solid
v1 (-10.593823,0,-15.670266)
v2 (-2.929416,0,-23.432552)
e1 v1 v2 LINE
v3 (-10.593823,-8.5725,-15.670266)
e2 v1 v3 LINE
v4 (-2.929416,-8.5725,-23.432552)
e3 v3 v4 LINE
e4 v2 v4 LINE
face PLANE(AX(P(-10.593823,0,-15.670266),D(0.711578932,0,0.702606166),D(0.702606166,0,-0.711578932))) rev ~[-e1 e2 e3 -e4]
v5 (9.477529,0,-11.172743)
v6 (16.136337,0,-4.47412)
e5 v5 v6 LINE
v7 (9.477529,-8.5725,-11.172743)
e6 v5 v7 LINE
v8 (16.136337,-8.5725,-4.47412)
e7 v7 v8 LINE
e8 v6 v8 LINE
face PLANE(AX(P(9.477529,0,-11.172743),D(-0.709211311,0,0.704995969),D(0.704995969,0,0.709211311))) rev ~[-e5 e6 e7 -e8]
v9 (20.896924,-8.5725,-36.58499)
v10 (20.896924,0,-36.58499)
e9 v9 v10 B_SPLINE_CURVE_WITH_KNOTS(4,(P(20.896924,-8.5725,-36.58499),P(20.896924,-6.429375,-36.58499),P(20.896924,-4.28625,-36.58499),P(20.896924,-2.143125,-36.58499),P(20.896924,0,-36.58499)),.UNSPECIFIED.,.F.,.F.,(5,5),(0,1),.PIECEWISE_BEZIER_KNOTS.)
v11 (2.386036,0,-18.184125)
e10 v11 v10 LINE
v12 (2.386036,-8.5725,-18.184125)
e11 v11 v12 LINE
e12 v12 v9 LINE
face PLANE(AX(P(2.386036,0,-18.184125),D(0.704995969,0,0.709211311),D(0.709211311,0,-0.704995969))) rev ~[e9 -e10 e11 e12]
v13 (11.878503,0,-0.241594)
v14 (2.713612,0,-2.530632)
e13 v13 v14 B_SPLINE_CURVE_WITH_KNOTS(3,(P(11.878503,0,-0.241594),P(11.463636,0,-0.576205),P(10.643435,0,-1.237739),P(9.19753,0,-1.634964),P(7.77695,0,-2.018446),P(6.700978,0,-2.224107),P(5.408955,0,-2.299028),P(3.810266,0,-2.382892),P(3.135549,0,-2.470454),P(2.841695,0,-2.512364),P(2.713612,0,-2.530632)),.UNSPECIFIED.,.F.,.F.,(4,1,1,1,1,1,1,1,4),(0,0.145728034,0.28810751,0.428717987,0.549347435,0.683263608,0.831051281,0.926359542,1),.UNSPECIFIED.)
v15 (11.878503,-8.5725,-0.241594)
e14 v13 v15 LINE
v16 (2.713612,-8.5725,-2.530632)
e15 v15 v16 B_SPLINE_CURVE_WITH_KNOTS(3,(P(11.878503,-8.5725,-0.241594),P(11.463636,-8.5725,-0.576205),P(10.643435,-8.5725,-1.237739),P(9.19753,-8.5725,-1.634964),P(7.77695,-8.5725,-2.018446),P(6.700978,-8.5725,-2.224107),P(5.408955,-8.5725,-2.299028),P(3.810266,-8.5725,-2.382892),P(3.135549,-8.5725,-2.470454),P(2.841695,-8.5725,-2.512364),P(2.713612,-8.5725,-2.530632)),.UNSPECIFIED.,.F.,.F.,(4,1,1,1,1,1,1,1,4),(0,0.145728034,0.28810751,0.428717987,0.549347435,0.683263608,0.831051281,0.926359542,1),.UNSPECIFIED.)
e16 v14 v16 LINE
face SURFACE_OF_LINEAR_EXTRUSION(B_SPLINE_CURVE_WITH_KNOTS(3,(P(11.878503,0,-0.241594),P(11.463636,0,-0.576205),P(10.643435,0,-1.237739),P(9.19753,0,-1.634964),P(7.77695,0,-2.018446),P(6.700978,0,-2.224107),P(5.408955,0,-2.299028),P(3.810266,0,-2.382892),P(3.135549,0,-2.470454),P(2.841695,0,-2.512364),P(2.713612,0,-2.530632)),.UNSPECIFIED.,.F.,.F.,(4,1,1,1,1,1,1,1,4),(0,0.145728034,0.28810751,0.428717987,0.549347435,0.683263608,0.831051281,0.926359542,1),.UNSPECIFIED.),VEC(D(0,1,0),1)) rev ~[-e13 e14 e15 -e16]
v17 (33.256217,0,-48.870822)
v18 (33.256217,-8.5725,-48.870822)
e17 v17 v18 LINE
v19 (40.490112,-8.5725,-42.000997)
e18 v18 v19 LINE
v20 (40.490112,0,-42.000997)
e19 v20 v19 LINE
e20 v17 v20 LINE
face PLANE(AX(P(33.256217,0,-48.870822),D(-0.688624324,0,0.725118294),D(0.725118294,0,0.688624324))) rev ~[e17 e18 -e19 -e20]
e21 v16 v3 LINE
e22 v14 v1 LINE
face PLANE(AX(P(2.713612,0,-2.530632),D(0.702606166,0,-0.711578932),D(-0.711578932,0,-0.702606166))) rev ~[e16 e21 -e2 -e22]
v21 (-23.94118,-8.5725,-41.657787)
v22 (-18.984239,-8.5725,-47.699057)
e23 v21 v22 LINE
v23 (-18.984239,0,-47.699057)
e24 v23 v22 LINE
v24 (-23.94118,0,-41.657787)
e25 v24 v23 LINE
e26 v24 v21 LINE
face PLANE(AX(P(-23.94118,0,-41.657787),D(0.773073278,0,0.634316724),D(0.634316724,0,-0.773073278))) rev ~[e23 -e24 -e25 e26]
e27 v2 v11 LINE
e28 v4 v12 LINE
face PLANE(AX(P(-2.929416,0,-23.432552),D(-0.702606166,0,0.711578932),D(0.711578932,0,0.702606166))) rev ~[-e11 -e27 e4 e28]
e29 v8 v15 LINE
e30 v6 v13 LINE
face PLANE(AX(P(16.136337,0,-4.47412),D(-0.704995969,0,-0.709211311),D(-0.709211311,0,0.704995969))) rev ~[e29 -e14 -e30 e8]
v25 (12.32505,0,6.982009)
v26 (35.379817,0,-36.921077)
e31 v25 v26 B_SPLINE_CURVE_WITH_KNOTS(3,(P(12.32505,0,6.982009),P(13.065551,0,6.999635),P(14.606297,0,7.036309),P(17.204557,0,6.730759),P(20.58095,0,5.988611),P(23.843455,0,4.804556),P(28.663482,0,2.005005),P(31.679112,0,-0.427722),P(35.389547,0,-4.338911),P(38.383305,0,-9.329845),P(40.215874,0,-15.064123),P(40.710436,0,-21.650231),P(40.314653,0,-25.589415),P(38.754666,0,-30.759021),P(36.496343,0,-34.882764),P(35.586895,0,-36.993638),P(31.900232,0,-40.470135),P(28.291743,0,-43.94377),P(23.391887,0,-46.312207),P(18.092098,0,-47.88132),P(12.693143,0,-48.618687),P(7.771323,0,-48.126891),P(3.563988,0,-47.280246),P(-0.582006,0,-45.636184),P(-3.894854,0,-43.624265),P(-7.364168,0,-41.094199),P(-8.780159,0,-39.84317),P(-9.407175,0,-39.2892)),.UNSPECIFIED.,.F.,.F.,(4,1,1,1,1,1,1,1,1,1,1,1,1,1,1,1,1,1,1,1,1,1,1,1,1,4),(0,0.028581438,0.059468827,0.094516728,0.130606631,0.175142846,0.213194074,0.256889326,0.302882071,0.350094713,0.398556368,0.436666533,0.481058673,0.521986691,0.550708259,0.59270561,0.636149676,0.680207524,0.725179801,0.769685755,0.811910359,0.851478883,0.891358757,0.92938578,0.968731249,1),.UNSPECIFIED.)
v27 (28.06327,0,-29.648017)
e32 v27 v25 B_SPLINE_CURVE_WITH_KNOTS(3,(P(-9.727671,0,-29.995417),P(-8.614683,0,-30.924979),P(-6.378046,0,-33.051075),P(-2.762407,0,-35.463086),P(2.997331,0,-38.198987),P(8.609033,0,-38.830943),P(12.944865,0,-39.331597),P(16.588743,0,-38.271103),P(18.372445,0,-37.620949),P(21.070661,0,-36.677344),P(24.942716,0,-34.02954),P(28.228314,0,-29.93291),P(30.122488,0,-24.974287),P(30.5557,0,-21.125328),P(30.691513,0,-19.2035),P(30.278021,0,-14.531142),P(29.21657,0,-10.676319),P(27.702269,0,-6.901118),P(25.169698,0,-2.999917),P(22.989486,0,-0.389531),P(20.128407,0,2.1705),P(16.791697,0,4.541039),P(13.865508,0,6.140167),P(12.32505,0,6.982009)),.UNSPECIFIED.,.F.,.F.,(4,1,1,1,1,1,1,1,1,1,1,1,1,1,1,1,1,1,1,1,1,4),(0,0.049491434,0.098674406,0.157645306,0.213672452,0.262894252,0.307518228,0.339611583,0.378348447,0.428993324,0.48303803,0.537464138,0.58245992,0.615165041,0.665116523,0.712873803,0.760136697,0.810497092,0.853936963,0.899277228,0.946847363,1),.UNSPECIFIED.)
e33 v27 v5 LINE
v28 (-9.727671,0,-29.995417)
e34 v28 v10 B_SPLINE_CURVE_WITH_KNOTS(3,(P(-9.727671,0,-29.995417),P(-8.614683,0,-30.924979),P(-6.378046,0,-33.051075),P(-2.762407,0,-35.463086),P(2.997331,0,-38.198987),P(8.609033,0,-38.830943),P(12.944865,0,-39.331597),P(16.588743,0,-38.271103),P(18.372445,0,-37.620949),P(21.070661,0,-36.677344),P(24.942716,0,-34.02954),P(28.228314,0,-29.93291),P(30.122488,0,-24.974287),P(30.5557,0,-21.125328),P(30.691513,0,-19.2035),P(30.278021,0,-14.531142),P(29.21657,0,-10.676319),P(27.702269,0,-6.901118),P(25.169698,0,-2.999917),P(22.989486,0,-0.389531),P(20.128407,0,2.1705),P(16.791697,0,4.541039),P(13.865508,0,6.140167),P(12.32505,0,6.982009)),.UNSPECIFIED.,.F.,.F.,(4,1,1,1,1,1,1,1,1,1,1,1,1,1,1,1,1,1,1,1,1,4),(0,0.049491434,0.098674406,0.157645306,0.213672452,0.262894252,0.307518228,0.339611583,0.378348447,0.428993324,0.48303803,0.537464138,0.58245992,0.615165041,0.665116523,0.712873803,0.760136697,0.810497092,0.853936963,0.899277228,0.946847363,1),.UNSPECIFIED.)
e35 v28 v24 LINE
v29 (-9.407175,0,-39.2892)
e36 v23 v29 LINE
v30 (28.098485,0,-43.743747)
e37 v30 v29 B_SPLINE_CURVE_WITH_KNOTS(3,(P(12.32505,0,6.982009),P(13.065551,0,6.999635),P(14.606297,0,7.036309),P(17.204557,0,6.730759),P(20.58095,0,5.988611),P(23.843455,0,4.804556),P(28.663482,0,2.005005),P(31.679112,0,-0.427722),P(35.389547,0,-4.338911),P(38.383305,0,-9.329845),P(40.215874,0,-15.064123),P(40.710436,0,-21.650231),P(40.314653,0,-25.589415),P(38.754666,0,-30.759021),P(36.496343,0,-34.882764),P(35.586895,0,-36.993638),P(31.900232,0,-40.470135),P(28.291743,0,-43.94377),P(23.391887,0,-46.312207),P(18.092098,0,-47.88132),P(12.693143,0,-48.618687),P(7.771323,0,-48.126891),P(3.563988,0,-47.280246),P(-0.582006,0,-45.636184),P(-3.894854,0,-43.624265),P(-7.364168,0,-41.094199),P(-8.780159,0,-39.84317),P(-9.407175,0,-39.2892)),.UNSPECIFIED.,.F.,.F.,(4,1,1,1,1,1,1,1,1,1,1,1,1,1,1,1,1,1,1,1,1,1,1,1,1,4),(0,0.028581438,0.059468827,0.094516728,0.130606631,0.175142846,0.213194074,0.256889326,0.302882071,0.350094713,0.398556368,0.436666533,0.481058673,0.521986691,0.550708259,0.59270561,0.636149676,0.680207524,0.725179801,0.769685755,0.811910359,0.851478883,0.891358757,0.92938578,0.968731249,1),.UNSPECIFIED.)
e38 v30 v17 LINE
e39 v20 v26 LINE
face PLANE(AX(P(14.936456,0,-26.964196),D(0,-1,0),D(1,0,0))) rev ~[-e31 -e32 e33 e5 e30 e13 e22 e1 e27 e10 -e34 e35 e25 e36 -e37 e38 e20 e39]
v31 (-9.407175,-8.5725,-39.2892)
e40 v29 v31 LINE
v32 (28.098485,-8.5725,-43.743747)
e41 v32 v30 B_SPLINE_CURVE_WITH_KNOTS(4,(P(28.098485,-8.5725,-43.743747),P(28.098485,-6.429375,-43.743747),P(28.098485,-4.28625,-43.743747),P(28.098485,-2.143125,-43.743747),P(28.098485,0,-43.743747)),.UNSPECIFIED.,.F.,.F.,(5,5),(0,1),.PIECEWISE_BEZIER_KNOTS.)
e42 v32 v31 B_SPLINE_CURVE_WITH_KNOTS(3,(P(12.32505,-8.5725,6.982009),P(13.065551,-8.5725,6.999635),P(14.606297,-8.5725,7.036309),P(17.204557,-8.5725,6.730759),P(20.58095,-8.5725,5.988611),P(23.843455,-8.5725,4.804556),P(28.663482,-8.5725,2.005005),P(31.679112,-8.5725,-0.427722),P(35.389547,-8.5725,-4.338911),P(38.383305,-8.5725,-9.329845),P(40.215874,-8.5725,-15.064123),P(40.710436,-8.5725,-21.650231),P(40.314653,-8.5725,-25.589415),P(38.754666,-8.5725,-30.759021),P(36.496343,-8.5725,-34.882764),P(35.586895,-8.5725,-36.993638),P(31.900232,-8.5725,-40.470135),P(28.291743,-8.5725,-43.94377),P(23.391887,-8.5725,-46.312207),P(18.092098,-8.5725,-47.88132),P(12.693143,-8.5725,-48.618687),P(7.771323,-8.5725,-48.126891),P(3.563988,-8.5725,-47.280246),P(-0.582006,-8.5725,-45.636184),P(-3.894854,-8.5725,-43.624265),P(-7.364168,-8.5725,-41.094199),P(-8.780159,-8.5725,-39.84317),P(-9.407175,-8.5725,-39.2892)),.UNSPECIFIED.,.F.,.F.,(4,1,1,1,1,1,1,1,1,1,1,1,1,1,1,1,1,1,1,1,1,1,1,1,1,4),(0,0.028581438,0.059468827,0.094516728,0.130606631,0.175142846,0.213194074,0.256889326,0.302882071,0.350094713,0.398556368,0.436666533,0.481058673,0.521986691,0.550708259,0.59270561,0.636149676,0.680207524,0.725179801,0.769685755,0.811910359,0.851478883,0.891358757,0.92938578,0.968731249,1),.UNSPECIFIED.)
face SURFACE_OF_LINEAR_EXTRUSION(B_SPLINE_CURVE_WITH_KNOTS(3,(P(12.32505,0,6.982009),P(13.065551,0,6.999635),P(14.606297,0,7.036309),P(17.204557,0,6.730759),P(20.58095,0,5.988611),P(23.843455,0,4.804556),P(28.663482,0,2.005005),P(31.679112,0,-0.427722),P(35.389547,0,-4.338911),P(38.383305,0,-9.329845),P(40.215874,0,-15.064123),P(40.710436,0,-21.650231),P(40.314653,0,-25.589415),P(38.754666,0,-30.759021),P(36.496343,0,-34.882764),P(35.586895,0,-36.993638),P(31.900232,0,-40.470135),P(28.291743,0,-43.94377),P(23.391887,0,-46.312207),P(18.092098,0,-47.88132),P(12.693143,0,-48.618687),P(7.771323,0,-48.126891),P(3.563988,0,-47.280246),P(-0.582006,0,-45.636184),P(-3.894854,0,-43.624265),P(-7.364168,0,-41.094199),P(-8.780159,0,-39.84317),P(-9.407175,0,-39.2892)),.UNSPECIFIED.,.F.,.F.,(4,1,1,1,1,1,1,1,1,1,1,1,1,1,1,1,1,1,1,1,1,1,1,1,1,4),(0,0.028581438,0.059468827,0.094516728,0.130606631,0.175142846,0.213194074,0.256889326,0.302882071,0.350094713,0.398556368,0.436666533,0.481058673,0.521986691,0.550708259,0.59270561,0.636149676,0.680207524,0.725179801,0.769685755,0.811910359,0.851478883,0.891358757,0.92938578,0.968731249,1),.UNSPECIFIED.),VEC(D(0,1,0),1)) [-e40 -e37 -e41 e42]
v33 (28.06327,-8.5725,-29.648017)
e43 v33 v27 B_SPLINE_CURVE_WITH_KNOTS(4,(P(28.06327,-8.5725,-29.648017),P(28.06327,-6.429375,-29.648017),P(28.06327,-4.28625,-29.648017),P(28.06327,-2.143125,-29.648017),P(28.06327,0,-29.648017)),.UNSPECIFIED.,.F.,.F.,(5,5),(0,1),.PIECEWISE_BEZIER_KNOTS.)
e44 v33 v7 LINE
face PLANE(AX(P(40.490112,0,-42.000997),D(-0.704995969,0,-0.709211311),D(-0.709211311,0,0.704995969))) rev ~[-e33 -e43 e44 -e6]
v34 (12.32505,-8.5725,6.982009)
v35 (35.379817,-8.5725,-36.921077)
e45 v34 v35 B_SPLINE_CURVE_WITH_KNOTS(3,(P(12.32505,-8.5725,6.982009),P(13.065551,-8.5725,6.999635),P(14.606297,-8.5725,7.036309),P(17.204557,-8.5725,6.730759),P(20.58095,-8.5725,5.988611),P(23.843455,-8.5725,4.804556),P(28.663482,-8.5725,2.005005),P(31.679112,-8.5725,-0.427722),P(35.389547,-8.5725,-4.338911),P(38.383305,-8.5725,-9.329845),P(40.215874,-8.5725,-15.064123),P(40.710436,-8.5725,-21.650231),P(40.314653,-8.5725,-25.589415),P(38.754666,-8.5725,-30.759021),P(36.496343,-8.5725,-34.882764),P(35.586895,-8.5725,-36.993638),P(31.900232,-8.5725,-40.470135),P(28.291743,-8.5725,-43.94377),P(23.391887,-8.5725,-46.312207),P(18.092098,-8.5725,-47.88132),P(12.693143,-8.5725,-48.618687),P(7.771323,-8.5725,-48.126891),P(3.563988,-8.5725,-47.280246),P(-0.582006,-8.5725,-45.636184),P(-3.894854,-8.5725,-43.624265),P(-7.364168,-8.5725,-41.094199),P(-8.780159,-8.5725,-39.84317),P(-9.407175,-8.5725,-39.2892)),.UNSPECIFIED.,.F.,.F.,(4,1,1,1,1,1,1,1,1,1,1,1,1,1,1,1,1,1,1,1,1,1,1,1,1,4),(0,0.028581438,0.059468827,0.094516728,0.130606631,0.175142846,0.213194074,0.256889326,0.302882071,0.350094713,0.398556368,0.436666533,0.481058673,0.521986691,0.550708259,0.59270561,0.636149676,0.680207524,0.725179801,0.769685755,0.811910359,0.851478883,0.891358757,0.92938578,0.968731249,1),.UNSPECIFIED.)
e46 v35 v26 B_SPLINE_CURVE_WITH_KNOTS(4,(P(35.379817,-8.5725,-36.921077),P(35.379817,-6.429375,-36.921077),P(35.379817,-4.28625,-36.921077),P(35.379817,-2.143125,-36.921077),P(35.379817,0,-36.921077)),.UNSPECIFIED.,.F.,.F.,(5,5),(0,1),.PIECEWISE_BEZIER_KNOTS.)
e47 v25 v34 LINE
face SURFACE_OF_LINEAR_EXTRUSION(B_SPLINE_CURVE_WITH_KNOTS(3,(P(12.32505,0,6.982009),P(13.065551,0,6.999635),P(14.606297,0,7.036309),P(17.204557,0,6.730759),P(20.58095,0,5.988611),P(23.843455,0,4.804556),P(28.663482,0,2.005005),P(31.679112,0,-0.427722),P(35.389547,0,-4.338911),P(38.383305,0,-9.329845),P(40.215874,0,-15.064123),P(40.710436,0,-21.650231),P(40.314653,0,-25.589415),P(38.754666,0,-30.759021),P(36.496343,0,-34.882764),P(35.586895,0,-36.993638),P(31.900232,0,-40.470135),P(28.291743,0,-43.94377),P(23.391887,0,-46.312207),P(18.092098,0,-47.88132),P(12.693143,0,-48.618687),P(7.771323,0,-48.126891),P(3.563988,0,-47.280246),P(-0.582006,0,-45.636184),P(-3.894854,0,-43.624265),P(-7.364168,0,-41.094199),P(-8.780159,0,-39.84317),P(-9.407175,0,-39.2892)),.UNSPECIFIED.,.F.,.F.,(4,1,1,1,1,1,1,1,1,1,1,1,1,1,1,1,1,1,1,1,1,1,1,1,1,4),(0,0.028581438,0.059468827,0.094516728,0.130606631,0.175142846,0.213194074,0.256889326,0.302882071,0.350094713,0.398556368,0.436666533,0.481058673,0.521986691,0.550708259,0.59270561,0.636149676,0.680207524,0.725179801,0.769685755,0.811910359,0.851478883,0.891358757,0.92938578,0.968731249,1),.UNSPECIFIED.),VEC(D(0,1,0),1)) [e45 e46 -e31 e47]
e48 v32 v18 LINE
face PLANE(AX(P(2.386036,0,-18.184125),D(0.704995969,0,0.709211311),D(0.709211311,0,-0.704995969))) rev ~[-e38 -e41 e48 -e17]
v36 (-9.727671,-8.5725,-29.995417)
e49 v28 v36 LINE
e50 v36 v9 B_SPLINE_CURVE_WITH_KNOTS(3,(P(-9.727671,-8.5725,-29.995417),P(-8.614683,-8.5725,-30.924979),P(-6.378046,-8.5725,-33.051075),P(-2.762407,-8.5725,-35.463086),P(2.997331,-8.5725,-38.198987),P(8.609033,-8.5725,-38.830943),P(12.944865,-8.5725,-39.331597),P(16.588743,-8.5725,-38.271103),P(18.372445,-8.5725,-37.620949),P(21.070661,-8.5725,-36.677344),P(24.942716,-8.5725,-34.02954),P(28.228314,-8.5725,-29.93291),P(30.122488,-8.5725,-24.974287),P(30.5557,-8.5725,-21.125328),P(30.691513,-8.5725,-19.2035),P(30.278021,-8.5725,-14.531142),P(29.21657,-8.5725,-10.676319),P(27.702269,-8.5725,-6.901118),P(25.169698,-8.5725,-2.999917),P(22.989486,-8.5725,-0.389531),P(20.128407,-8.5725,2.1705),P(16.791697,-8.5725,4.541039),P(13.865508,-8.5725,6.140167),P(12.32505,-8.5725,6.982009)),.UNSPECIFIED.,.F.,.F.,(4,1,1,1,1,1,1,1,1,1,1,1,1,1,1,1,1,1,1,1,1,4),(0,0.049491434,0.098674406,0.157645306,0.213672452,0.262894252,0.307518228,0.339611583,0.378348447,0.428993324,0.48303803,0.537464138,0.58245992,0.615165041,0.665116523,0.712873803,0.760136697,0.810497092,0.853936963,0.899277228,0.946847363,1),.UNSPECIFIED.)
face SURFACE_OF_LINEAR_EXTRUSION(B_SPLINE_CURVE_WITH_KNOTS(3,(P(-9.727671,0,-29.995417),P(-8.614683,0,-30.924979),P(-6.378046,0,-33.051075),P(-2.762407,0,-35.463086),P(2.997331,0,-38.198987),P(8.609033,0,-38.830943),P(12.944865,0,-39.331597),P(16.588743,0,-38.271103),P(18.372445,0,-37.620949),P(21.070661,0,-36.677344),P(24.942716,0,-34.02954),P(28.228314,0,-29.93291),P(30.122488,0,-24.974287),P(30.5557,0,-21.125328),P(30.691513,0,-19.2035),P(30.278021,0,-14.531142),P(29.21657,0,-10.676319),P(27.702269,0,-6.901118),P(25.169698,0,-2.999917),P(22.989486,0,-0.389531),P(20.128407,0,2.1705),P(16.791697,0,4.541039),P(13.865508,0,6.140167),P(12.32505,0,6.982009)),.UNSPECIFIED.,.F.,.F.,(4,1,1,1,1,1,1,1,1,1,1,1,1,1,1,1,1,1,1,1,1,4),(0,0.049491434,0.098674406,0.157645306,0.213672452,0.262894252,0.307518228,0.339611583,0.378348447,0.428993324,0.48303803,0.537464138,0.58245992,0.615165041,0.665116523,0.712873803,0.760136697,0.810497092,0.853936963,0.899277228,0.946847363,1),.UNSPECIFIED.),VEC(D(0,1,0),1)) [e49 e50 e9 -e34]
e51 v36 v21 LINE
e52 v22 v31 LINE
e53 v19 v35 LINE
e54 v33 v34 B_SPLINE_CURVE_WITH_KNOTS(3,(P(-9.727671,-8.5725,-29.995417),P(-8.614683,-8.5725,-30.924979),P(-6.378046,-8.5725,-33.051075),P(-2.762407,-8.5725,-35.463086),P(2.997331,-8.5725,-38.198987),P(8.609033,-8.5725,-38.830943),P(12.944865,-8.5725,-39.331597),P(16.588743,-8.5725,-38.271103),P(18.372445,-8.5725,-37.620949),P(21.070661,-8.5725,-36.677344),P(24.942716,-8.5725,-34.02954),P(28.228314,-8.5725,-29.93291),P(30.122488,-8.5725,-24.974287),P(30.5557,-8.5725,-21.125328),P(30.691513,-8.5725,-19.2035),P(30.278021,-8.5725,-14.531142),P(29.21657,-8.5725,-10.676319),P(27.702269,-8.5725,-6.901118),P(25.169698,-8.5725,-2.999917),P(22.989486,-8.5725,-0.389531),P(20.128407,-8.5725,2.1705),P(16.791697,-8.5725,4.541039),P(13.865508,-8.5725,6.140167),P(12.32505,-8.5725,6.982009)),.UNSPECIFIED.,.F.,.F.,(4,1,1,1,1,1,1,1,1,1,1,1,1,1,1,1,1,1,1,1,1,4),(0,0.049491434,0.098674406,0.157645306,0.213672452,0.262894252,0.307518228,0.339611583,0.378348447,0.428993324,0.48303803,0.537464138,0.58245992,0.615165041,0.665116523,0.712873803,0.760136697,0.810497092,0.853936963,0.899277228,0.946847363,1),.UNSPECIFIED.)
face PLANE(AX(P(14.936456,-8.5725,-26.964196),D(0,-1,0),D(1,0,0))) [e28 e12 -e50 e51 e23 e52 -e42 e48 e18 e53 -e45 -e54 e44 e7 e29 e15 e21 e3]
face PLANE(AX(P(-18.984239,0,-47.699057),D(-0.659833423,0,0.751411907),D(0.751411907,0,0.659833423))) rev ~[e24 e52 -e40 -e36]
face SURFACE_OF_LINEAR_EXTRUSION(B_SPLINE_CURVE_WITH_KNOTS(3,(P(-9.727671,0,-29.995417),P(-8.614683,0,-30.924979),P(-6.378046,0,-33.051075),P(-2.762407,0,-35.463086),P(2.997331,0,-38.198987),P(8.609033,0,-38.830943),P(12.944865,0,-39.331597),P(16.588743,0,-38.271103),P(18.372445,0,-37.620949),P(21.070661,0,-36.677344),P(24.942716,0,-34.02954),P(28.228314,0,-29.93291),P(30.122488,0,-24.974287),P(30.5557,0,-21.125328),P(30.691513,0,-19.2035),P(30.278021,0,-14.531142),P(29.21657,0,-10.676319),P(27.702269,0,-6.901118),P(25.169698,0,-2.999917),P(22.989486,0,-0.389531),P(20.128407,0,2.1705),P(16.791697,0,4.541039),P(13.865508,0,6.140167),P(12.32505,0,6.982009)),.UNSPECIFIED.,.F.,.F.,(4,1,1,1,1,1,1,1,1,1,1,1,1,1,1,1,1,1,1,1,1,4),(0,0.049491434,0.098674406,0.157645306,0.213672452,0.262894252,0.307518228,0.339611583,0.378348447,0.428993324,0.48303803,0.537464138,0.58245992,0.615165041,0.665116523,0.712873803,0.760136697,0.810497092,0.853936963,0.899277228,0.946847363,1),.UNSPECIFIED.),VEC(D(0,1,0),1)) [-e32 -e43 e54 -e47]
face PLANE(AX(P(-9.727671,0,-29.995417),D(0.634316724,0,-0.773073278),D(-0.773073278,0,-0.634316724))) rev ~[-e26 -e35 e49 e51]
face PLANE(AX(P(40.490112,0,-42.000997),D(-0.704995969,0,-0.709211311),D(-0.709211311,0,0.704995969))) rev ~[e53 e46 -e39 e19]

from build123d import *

# Parameters (mm, degrees)
F2_DEPTH = 6.35
F3_DEPTH = 6.35
F4_SCALE = 1.35


with BuildPart() as f2:
    # F1 (on Front) → F2 (new body)
    with BuildSketch(Plane.XZ):
        with BuildLine():
            Line((2.0100830588, -1.8745424459), (-7.8472765163, -11.6076041013))
            Line((-7.8472765163, -11.6076041013), (-2.1699381241, -17.3574460259))
            Line((-2.1699381241, -17.3574460259), (1.7674344249, -13.4697223929))
            Line((1.7674344249, -13.4697223929), (24.6342346072, -36.2006090581))
            Line((24.6342346072, -36.2006090581), (29.9926754087, -31.1118494719))
            Line((29.9926754087, -31.1118494719), (7.0203917258, -8.276106269))
            Line((7.0203917258, -8.276106269), (11.9528423377, -3.3141633316))
            Line((11.9528423377, -3.3141633316), (8.7988910946, -0.1789582447))
            add(Edge.make_bspline(
                [(8.7988910946, -0.1789582447), (8.4915822271, -0.4268185401), (7.884025876, -0.9168437644), (6.812984834, -1.2110842235), (5.7607040583, -1.4951452719), (4.9636876382, -1.6474868702), (4.0066335683, -1.7029838445), (2.8224195307, -1.765104938), (2.3226285635, -1.8299656868), (2.1049594849, -1.8610107088), (2.0100830588, -1.8745424459)],
                knots=[0, 0, 0, 0, 0.1457280341, 0.28810751, 0.428717987, 0.5493474346, 0.6832636078, 0.8310512812, 0.9263595421, 1, 1, 1, 1], degree=3))
        make_face()
    extrude(amount=F2_DEPTH)

    # F0 (on Front) → F3 (join)
    with BuildSketch(Plane.XZ):
        with BuildLine():
            Line((-7.2056818753, -22.2188271582), (-17.7342074227, -30.8576199099))
            Line((-17.7342074227, -30.8576199099), (-14.0623990446, -35.3326350451))
            Line((-14.0623990446, -35.3326350451), (-6.9682779722, -29.1031114757))
            add(Edge.make_bspline(
                [(9.1296667233, 5.1718582399), (9.6781859866, 5.1849146526), (10.8194790728, 5.21208087), (12.7441165618, 4.9857473803), (15.2451481768, 4.4360080826), (17.6618182877, 3.5589302995), (21.2322086722, 1.4851892372), (23.4660087366, -0.316831433), (26.2144792862, -3.2140079757), (28.4320774378, -6.9109964982), (29.789536096, -11.1586098492), (30.1558781606, -16.0372078457), (29.8627060621, -18.955121982), (28.7071599618, -22.7844601499), (27.034328063, -25.8390843438), (26.3606630932, -27.4026946013), (23.6298018345, -29.9778777076), (20.9568468096, -32.5509410352), (17.327323492, -34.3053388548), (13.401554369, -35.4676447014), (9.4023284242, -36.0138419384), (5.7565353723, -35.6495486641), (2.6399914127, -35.0224045555), (-0.4311152441, -33.8045805217), (-2.8850770783, -32.3142704604), (-5.4549392551, -30.4401473194), (-6.503821434, -29.5134591608), (-6.9682779722, -29.1031114757)],
                knots=[0, 0, 0, 0, 0.0285814378, 0.0594688273, 0.0945167283, 0.1306066312, 0.1751428462, 0.2131940739, 0.2568893258, 0.3028820712, 0.3500947134, 0.398556368, 0.436666533, 0.4810586728, 0.5219866905, 0.550708259, 0.5927056098, 0.6361496757, 0.6802075239, 0.7251798006, 0.7696857552, 0.8119103586, 0.8514788828, 0.8913587568, 0.9293857799, 0.9687312485, 1, 1, 1, 1], degree=3))
            add(Edge.make_bspline(
                [(-7.2056818753, -22.2188271582), (-6.3812466924, -22.9073918829), (-4.7244781605, -24.4822778909), (-2.0462273712, -26.2689526242), (2.2202454087, -28.2955457327), (6.3770617171, -28.7636613904), (9.5887887908, -29.1345162933), (12.2879580559, -28.3489648275), (13.6092182696, -27.8673694913), (15.6078973916, -27.1684028035), (18.4760859446, -25.207066996), (20.9098618576, -22.1725260541), (22.3129541159, -18.499471744), (22.6338520936, -15.6483912952), (22.7344537145, -14.2248144523), (22.4281637557, -10.7638092583), (21.6419035573, -7.9083843186), (20.5201993879, -5.1119392679), (18.6442207253, -2.2221609046), (17.0292486023, -0.2885415089), (14.9099308633, 1.6077778026), (12.4382943713, 3.3637327802), (10.270746931, 4.5482715464), (9.1296667233, 5.1718582399)],
                knots=[0, 0, 0, 0, 0.049491434, 0.098674406, 0.157645306, 0.2136724525, 0.262894252, 0.3075182277, 0.3396115835, 0.3783484473, 0.4289933244, 0.4830380296, 0.5374641382, 0.5824599205, 0.6151650415, 0.6651165227, 0.7128738028, 0.7601366968, 0.8104970919, 0.8539369629, 0.8992772275, 0.9468473633, 1, 1, 1, 1], degree=3))
        make_face()
    extrude(amount=F3_DEPTH)


with BuildPart() as f2_1:
    # F4: moved
    add(f2.part.scale(F4_SCALE))


solid = f2_1.part
